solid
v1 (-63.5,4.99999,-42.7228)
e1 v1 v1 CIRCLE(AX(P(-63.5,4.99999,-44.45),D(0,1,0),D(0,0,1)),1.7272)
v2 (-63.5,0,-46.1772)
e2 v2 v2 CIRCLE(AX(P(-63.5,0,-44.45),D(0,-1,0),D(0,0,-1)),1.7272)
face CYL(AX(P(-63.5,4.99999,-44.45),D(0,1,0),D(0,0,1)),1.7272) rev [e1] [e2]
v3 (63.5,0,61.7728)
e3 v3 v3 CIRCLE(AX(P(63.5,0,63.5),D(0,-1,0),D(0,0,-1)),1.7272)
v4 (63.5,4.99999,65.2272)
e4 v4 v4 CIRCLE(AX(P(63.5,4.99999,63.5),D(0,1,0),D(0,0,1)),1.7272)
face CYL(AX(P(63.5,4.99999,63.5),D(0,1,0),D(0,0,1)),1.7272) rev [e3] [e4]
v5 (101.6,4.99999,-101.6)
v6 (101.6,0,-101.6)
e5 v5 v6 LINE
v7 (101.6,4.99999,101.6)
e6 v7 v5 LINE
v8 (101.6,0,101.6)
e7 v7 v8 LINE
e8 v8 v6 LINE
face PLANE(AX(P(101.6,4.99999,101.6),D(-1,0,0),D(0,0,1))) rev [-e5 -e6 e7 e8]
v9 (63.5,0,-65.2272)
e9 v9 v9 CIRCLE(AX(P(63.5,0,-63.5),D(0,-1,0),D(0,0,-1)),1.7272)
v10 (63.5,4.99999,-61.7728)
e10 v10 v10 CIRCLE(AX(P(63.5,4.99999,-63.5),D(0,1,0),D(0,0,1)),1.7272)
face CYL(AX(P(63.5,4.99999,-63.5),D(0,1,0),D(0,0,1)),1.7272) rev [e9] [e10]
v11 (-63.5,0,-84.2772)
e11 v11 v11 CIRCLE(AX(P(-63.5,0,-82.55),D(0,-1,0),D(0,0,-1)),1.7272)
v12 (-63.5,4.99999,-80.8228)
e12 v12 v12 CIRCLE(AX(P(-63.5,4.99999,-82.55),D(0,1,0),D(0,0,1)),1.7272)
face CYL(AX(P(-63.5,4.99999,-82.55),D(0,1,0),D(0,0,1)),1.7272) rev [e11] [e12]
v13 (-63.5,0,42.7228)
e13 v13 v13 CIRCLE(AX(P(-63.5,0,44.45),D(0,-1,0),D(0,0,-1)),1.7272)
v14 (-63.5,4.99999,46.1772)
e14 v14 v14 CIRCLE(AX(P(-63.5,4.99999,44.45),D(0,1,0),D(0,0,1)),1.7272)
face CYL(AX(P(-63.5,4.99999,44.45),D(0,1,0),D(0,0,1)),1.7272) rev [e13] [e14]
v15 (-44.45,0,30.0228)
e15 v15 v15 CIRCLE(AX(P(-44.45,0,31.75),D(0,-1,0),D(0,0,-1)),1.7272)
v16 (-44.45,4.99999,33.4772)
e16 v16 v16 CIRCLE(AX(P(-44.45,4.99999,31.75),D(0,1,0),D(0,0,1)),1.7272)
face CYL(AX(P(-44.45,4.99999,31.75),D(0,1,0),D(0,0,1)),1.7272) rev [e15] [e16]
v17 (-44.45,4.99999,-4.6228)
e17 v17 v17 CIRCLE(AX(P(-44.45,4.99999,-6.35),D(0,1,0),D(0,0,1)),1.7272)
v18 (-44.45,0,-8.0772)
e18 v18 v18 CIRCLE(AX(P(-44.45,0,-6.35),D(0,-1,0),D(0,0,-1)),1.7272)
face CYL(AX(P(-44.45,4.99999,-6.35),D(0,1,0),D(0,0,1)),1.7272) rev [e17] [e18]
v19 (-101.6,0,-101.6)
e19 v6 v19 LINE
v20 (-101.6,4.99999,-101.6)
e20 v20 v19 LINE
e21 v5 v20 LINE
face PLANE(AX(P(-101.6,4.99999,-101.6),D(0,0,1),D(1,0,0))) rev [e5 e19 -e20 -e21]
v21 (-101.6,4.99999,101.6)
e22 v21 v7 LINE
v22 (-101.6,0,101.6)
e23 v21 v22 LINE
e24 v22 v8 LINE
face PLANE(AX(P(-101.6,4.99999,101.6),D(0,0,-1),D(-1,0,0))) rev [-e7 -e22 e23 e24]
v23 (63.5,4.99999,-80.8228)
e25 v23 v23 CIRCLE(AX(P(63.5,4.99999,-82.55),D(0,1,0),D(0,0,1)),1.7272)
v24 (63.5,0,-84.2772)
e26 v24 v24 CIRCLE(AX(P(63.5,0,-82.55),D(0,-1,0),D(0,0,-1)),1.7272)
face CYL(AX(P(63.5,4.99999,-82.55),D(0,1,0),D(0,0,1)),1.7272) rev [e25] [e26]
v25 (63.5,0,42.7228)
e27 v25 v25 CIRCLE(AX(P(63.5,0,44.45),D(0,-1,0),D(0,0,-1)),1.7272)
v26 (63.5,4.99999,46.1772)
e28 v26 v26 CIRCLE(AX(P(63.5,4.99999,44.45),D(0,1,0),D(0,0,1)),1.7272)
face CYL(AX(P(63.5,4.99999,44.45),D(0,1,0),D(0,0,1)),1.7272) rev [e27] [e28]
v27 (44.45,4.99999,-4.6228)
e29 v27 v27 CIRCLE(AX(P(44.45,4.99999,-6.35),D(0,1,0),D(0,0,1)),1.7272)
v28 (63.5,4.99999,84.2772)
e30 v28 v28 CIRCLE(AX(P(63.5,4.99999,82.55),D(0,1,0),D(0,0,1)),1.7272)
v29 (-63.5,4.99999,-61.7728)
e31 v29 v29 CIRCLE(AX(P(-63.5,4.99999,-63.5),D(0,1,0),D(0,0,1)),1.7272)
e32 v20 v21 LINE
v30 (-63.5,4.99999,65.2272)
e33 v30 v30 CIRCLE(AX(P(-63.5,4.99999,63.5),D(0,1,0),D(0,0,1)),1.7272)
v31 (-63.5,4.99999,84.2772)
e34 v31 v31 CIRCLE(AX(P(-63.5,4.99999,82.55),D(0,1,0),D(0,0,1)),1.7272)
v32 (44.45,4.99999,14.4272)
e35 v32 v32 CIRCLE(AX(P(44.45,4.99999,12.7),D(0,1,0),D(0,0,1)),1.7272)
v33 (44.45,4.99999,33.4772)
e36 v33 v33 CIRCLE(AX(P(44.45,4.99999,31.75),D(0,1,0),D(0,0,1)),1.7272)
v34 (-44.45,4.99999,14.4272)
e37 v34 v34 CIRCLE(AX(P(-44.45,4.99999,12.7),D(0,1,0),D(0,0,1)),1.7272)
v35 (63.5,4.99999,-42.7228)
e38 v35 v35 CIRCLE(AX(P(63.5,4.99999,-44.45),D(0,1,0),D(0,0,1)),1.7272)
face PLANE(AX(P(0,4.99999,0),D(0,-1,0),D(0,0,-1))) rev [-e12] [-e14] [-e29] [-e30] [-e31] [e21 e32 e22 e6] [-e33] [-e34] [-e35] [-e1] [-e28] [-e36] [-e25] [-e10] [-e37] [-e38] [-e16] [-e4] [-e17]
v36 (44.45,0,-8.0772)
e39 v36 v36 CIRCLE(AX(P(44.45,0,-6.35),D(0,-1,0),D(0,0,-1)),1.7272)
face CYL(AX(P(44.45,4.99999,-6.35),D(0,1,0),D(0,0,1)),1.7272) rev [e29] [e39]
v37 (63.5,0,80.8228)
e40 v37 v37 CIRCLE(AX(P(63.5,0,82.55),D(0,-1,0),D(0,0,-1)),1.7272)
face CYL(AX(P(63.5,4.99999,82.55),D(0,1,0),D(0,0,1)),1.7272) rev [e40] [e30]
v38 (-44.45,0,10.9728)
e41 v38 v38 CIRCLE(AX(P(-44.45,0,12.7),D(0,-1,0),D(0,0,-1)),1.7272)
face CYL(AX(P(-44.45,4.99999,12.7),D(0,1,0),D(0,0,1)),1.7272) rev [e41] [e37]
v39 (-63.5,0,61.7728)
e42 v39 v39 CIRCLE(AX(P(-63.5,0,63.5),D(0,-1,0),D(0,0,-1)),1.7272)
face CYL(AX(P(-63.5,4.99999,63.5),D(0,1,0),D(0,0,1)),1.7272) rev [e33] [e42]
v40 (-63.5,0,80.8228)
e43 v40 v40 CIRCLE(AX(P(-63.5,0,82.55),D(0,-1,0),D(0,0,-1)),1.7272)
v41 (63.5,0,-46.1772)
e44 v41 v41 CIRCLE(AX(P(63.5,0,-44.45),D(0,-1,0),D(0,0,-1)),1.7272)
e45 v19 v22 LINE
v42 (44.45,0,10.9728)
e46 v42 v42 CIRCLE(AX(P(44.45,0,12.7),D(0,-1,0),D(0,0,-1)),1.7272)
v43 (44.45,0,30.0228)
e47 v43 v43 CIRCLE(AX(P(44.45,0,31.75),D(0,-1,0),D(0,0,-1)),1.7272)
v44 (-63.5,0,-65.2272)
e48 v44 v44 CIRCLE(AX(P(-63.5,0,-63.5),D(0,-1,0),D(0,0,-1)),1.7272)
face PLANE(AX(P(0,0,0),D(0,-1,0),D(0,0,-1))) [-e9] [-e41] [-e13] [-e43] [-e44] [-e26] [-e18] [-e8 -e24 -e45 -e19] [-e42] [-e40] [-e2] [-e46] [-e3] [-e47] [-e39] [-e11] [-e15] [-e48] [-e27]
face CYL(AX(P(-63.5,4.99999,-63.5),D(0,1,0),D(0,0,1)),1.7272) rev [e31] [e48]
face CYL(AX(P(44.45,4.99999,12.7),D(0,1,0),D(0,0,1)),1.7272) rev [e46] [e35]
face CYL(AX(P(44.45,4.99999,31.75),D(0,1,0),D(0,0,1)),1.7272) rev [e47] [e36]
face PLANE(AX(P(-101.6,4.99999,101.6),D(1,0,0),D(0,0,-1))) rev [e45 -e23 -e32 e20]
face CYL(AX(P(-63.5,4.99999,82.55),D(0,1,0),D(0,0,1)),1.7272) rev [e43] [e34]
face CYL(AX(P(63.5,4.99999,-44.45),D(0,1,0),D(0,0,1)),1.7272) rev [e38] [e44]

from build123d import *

# Parameters (mm, degrees)
SKETCH2_W                 = 203.2
SKETCH2_H                 = 203.2
BASE_DEPTH                = 4.99999
TAP_DRILL_FOR_8_32_TAP1_D = 3.4544


with BuildPart() as part:
    # Sketch2 → Base (new body)
    with BuildSketch(Plane(origin=(0, 0, 0), x_dir=(1, 0, 0), z_dir=(0, 1, 0))):
        Rectangle(SKETCH2_W, SKETCH2_H)
    extrude(amount=BASE_DEPTH)

    # Tap Drill for #8-32 Tap1 (through all)
    with Locations(Plane(origin=(0, 4.99999, 0), x_dir=(1, 0, 0), z_dir=(0, 1, 0))):
        with Locations((-44.45, 6.35), (-44.45, -12.7), (-44.45, -31.75), (44.45, -31.75), (44.45, -12.7), (44.45, 6.35), (-63.5, -44.45), (-63.5, -63.5), (-63.5, -82.55), (63.5, -44.45), (63.5, -82.55), (63.5, -63.5), (63.5, 82.55), (63.5, 63.5), (63.5, 44.45), (-63.5, 44.45), (-63.5, 63.5), (-63.5, 82.55)):
            Hole(TAP_DRILL_FOR_8_32_TAP1_D / 2)


solid = part.part
